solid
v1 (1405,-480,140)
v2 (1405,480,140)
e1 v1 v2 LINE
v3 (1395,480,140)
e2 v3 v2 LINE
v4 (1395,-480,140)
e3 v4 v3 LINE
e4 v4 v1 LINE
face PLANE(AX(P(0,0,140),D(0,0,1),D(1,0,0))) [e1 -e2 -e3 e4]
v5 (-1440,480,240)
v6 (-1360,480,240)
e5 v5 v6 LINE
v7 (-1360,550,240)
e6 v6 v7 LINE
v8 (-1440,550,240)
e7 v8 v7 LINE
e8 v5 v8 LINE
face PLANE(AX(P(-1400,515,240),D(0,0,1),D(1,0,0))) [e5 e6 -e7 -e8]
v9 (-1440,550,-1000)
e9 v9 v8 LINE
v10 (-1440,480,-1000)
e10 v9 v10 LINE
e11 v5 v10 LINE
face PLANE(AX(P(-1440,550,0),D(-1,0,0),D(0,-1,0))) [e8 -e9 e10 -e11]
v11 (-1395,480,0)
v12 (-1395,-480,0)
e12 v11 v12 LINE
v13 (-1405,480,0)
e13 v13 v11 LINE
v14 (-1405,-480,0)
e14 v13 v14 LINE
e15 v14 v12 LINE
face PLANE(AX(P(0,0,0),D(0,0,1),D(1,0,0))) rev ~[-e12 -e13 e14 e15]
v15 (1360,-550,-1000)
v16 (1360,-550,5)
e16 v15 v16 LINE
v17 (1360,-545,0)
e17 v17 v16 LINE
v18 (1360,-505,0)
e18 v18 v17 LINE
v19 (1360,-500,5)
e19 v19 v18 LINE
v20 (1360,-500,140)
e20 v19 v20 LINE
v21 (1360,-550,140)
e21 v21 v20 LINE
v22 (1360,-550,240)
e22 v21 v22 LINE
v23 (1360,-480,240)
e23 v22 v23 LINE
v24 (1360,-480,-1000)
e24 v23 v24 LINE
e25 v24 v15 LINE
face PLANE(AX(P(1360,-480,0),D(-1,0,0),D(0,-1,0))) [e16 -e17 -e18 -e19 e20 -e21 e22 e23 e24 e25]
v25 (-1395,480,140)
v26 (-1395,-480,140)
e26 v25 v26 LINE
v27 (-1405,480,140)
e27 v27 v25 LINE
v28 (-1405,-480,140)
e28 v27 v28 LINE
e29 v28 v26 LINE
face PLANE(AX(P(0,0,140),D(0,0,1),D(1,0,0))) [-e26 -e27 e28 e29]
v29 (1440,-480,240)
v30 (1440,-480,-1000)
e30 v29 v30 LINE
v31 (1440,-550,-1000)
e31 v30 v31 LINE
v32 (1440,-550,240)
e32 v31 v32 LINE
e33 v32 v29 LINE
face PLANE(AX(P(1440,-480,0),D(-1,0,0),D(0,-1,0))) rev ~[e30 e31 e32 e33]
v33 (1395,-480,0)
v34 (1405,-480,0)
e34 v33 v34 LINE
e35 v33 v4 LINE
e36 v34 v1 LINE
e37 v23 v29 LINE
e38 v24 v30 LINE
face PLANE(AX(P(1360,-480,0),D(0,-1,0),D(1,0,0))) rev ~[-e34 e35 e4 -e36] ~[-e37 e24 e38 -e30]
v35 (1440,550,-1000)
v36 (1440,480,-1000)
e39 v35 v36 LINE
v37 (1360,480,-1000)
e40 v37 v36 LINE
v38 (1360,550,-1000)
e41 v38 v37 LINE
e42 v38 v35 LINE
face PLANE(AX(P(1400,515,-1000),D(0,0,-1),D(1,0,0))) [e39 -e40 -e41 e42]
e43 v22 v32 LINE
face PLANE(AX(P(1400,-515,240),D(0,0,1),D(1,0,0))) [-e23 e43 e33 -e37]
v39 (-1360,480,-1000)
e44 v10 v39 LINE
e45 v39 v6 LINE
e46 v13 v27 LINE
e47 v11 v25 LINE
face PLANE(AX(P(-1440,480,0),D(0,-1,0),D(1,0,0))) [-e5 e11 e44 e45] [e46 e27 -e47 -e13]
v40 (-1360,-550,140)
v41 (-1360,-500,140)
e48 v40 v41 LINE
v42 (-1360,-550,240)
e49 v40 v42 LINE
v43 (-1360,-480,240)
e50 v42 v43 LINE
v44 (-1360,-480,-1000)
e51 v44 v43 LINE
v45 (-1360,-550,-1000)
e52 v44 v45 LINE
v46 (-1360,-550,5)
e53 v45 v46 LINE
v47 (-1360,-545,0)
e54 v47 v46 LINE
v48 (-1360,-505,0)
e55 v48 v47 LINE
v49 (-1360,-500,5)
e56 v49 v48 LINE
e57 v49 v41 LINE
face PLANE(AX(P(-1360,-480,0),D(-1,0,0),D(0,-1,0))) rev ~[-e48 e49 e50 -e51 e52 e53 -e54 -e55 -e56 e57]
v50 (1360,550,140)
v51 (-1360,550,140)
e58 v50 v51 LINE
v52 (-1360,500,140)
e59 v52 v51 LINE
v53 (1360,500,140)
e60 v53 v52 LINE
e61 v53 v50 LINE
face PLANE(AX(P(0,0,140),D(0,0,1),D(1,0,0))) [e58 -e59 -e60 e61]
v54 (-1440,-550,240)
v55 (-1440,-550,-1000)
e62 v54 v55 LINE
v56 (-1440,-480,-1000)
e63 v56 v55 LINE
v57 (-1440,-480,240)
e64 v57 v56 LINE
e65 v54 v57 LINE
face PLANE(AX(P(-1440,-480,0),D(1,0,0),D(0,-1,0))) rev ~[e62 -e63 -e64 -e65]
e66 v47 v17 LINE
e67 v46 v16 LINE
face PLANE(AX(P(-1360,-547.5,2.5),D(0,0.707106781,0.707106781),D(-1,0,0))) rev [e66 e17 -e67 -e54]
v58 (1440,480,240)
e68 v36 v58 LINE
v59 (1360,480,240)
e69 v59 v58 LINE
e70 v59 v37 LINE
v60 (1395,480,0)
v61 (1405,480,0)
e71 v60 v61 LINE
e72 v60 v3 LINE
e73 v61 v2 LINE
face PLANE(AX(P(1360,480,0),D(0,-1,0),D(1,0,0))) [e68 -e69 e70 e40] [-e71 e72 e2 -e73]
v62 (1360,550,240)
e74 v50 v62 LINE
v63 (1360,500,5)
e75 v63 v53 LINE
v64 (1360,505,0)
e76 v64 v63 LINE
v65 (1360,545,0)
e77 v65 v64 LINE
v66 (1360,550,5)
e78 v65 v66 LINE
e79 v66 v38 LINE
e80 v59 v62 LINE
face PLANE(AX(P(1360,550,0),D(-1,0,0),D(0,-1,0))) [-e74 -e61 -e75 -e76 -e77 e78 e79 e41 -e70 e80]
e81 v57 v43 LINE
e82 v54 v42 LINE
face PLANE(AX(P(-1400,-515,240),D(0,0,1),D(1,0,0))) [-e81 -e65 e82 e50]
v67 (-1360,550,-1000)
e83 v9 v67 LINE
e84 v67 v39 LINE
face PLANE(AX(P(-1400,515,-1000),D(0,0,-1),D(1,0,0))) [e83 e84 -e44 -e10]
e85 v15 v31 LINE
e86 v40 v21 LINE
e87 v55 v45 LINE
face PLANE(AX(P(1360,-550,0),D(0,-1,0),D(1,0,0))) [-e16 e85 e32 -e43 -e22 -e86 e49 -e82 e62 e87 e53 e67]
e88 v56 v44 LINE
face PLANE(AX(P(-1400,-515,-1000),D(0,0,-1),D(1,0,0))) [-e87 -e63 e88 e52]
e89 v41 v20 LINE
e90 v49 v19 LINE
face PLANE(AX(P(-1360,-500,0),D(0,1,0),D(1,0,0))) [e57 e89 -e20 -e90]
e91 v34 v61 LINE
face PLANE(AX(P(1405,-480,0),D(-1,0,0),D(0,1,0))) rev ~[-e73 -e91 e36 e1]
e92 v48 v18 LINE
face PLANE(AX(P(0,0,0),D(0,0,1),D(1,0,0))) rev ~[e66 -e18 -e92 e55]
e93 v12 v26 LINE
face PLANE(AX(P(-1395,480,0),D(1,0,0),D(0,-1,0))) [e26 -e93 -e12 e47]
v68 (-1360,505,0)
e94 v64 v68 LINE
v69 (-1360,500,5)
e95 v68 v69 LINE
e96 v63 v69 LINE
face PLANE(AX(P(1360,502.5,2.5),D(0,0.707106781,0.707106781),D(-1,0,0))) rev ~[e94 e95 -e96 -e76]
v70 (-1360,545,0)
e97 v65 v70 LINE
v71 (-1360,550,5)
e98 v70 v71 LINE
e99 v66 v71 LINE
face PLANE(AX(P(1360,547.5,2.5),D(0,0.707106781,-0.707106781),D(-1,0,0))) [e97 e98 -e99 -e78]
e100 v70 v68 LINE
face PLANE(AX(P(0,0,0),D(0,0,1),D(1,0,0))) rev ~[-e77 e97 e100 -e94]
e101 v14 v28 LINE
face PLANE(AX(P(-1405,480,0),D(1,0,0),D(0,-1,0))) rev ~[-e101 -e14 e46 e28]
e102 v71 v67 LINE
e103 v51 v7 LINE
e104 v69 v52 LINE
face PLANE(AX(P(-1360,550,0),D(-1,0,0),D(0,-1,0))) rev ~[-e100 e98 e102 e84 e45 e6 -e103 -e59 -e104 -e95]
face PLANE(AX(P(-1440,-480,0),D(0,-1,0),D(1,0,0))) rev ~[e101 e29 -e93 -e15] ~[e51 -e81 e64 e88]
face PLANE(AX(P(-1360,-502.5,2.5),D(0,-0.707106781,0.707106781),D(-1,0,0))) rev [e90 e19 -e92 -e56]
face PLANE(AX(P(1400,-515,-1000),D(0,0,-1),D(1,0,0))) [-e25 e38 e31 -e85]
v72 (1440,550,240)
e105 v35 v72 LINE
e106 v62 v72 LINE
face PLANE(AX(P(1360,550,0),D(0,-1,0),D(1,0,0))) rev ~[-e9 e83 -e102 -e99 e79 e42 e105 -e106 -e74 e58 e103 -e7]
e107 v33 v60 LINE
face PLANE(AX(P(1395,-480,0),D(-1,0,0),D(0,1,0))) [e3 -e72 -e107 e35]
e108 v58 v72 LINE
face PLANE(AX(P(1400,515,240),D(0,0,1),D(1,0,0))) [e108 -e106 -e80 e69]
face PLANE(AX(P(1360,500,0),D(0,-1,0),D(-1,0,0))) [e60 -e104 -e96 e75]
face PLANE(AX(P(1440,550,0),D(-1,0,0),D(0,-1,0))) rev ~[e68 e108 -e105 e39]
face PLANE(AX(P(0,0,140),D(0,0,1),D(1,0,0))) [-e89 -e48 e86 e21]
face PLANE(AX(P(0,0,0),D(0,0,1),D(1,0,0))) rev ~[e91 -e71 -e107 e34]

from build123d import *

# Parameters (mm, degrees)
PAD_DEPTH    = 140
SKETCH001_W  = 80
SKETCH001_H  = 70
PAD001_DEPTH = 100
SKETCH002_W  = 80
SKETCH002_H  = 70
PAD002_DEPTH = 1000
CHAMFER_SIZE = 5


with BuildPart() as part:
    # Sketch → Pad (new body)
    with BuildSketch(Plane.XY):
        Polygon((-1440, -550), (1440, -550), (1440, -480), (1405, -480), (1405, 480), (1440, 480), (1440, 550), (-1440, 550), (-1440, 480), (-1405, 480), (-1405, -480), (-1440, -480), align=None)
        Polygon((-1360, -500), (1360, -500), (1360, -480), (1395, -480), (1395, 480), (1360, 480), (1360, 500), (-1360, 500), (-1360, 480), (-1395, 480), (-1395, -480), (-1360, -480), align=None, mode=Mode.SUBTRACT)
    extrude(amount=PAD_DEPTH)

    # Sketch001 (on Face26 of Pad) → Pad001 (join)
    with BuildSketch(Plane.XY.offset(140)):
        with Locations((-1400, 515)):
            Rectangle(SKETCH001_W, SKETCH001_H)
        with Locations((-1400, -515)):
            Rectangle(SKETCH001_W, SKETCH001_H)
        with Locations((1400, -515)):
            Rectangle(SKETCH001_W, SKETCH001_H)
        with Locations((1400, 515)):
            Rectangle(SKETCH001_W, SKETCH001_H)
    extrude(amount=PAD001_DEPTH)

    # Sketch002 (on Face4 of Pad001) → Pad002 (join)
    with BuildSketch(Plane(origin=(0, 0, 0), x_dir=(1, 0, 0), z_dir=(0, 0, -1))):
        with Locations((1400, 515)):
            Rectangle(SKETCH002_W, SKETCH002_H)
        with Locations((1400, -515)):
            Rectangle(SKETCH002_W, SKETCH002_H)
        with Locations((-1400, -515)):
            Rectangle(SKETCH002_W, SKETCH002_H)
        with Locations((-1400, 515)):
            Rectangle(SKETCH002_W, SKETCH002_H)
    extrude(amount=PAD002_DEPTH)

    # Chamfer
    chamfer_edges = [part.edges().sort_by_distance(p)[0] for p in [
        (0, 550, 0),
        (0, 500, 0),
        (0, -500, 0),
        (0, -550, 0),
    ]]
    chamfer(chamfer_edges, length=CHAMFER_SIZE)


solid = part.part
